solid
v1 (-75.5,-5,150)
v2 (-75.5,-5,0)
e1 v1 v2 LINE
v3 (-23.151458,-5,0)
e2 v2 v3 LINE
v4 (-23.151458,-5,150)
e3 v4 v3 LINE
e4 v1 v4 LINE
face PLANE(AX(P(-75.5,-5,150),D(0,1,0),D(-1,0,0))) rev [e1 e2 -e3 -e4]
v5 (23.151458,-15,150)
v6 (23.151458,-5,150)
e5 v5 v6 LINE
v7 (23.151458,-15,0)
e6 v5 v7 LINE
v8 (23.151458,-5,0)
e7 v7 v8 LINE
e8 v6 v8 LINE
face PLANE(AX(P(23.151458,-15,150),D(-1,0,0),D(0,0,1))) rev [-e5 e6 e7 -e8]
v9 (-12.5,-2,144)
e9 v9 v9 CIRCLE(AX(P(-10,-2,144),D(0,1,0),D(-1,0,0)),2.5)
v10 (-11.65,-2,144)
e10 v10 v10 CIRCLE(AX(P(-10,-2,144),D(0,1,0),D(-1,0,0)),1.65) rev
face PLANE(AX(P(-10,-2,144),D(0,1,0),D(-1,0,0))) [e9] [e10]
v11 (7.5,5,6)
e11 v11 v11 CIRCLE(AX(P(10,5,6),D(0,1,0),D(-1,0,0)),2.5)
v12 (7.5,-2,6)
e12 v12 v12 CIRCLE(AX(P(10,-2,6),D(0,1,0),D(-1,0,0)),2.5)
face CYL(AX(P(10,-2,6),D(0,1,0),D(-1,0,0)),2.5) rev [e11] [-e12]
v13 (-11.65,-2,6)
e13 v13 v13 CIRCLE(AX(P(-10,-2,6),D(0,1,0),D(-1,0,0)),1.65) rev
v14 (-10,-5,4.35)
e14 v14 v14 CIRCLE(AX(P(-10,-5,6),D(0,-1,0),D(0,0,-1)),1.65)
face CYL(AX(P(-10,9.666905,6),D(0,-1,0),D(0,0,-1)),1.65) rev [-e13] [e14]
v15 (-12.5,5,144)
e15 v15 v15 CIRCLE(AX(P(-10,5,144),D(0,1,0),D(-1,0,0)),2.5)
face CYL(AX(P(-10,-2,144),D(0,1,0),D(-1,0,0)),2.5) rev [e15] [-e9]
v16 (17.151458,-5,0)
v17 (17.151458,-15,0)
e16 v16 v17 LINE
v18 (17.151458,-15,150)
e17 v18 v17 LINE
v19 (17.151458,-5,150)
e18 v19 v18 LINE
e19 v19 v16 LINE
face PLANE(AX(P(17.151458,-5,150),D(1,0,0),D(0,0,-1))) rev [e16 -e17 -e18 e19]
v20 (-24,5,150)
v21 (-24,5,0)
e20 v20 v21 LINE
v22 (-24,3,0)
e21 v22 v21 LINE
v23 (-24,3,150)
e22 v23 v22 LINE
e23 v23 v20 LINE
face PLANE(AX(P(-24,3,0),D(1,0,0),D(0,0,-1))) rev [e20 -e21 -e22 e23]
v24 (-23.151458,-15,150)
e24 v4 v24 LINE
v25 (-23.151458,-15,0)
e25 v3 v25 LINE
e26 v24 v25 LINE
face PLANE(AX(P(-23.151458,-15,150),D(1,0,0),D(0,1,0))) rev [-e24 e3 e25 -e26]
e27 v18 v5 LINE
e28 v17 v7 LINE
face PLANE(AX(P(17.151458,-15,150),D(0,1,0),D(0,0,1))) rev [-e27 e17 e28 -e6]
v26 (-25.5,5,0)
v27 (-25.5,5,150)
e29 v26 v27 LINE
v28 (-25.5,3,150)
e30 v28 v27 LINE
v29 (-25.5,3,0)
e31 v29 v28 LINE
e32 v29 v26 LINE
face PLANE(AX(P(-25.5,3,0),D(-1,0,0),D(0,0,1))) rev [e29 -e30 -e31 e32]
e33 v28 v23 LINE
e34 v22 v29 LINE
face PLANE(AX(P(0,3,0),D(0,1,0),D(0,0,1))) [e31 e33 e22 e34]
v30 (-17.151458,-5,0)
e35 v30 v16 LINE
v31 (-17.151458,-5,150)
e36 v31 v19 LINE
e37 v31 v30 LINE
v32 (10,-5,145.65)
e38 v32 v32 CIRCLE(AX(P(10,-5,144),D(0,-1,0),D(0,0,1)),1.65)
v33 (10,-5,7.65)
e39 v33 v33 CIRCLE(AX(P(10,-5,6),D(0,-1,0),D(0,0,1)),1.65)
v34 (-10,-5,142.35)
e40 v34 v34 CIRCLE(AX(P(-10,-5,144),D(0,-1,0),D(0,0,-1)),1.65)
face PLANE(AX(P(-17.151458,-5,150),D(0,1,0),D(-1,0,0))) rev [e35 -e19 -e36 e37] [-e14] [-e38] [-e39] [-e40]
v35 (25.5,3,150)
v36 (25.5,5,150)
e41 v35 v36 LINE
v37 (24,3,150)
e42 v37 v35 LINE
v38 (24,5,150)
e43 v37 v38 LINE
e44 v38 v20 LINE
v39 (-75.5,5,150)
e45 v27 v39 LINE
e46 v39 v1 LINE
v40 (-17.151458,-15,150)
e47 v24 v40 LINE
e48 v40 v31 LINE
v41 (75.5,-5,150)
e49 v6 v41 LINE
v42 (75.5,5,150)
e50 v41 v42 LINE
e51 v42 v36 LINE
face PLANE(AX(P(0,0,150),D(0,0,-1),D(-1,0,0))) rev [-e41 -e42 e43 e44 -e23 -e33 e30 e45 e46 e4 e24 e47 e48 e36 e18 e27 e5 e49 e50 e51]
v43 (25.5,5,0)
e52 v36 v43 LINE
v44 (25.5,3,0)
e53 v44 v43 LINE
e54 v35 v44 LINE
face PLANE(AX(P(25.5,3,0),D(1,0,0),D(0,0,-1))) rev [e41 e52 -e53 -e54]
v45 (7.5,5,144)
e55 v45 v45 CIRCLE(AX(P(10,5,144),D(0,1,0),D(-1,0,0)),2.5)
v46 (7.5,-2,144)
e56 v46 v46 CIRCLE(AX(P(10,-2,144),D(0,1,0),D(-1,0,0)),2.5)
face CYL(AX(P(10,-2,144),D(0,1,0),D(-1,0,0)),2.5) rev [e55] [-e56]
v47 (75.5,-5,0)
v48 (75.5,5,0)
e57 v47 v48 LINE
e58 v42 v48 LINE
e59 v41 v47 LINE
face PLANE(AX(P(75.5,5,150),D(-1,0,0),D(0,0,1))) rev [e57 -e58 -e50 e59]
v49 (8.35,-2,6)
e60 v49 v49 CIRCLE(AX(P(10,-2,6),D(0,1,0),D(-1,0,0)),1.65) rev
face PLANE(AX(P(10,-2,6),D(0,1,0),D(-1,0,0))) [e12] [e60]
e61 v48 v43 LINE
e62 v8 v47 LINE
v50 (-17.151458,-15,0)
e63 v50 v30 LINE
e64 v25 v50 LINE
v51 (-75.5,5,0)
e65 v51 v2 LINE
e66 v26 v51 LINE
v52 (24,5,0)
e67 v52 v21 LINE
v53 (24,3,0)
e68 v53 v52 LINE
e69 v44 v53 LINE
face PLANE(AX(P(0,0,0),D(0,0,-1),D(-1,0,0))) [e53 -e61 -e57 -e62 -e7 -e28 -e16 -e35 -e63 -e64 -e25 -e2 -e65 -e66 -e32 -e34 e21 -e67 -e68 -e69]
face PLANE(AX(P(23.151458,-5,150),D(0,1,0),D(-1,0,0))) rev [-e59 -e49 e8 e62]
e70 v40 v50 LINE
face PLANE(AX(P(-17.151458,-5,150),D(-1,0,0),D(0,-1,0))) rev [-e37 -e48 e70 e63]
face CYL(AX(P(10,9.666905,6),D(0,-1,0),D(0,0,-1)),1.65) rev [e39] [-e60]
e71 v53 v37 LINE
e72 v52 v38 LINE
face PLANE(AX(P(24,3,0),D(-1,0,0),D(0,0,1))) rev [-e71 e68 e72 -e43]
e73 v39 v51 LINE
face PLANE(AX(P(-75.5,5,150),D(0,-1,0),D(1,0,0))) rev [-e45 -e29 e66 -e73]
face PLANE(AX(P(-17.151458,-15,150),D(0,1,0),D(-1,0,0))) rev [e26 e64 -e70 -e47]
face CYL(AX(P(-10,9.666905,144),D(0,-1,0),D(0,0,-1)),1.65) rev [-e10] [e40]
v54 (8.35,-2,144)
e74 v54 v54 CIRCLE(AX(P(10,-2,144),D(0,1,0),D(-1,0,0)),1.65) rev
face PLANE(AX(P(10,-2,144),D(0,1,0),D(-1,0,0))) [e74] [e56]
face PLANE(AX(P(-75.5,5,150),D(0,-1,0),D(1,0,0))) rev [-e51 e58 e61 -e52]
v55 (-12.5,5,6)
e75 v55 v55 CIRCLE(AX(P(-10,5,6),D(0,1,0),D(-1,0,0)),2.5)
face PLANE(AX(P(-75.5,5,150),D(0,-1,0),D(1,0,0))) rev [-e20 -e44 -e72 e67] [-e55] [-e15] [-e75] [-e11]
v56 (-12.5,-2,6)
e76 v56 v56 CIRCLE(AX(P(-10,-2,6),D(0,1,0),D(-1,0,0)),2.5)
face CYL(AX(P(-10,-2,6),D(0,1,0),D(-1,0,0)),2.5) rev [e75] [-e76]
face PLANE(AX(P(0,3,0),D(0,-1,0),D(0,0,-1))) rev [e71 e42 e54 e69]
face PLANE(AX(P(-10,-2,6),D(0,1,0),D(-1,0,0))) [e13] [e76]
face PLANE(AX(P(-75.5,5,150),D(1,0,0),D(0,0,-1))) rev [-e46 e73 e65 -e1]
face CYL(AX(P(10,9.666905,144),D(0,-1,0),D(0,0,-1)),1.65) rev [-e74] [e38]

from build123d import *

# Parameters (mm, degrees)
BOSS_EXTRUDE1_DEPTH = 150
SKETCH4_R           = 1.65
CUT_EXTRUDE1_DEPTH  = 10
SKETCH6_W           = 1.5
SKETCH6_H           = 150
CUT_EXTRUDE2_DEPTH  = 2
SKETCH7_R           = 2.5
CUT_EXTRUDE3_DEPTH  = 7


with BuildPart() as part:
    # Sketch1 → Boss-Extrude1 (new body)
    with BuildSketch(Plane.XY):
        Polygon((-75.5, 5), (75.5, 5), (75.5, -5), (23.151457837, -5), (23.151457837, -15), (17.151457837, -15), (17.151457837, -5), (-17.151457837, -5), (-17.151457837, -15), (-23.151457837, -15), (-23.151457837, -5), (-75.5, -5), align=None)
    extrude(amount=BOSS_EXTRUDE1_DEPTH)

    # Sketch4 → Cut-Extrude1 (cut)
    with BuildSketch(Plane.XZ.offset(5)):
        with Locations((-10, 6)):
            Circle(SKETCH4_R)
        with Locations((10, 6)):
            Circle(SKETCH4_R)
        with Locations((-10, 144)):
            Circle(SKETCH4_R)
        with Locations((10, 144)):
            Circle(SKETCH4_R)
    extrude(amount=-CUT_EXTRUDE1_DEPTH, mode=Mode.SUBTRACT)

    # Sketch6 → Cut-Extrude2 (cut)
    with BuildSketch(Plane(origin=(0, 5, 0), x_dir=(1, 0, 0), z_dir=(0, 1, 0))):
        with Locations((-24.75, -75)):
            Rectangle(SKETCH6_W, SKETCH6_H)
        with Locations((24.75, -75)):
            Rectangle(SKETCH6_W, SKETCH6_H)
    extrude(amount=-CUT_EXTRUDE2_DEPTH, mode=Mode.SUBTRACT)

    # Sketch7 → Cut-Extrude3 (cut)
    with BuildSketch(Plane(origin=(0, 5, 0), x_dir=(1, 0, 0), z_dir=(0, 1, 0))):
        with Locations((-10, -144)):
            Circle(SKETCH7_R)
        with Locations((10, -144)):
            Circle(SKETCH7_R)
        with Locations((10, -6)):
            Circle(SKETCH7_R)
        with Locations((-10, -6)):
            Circle(SKETCH7_R)
    extrude(amount=-CUT_EXTRUDE3_DEPTH, mode=Mode.SUBTRACT)


solid = part.part
